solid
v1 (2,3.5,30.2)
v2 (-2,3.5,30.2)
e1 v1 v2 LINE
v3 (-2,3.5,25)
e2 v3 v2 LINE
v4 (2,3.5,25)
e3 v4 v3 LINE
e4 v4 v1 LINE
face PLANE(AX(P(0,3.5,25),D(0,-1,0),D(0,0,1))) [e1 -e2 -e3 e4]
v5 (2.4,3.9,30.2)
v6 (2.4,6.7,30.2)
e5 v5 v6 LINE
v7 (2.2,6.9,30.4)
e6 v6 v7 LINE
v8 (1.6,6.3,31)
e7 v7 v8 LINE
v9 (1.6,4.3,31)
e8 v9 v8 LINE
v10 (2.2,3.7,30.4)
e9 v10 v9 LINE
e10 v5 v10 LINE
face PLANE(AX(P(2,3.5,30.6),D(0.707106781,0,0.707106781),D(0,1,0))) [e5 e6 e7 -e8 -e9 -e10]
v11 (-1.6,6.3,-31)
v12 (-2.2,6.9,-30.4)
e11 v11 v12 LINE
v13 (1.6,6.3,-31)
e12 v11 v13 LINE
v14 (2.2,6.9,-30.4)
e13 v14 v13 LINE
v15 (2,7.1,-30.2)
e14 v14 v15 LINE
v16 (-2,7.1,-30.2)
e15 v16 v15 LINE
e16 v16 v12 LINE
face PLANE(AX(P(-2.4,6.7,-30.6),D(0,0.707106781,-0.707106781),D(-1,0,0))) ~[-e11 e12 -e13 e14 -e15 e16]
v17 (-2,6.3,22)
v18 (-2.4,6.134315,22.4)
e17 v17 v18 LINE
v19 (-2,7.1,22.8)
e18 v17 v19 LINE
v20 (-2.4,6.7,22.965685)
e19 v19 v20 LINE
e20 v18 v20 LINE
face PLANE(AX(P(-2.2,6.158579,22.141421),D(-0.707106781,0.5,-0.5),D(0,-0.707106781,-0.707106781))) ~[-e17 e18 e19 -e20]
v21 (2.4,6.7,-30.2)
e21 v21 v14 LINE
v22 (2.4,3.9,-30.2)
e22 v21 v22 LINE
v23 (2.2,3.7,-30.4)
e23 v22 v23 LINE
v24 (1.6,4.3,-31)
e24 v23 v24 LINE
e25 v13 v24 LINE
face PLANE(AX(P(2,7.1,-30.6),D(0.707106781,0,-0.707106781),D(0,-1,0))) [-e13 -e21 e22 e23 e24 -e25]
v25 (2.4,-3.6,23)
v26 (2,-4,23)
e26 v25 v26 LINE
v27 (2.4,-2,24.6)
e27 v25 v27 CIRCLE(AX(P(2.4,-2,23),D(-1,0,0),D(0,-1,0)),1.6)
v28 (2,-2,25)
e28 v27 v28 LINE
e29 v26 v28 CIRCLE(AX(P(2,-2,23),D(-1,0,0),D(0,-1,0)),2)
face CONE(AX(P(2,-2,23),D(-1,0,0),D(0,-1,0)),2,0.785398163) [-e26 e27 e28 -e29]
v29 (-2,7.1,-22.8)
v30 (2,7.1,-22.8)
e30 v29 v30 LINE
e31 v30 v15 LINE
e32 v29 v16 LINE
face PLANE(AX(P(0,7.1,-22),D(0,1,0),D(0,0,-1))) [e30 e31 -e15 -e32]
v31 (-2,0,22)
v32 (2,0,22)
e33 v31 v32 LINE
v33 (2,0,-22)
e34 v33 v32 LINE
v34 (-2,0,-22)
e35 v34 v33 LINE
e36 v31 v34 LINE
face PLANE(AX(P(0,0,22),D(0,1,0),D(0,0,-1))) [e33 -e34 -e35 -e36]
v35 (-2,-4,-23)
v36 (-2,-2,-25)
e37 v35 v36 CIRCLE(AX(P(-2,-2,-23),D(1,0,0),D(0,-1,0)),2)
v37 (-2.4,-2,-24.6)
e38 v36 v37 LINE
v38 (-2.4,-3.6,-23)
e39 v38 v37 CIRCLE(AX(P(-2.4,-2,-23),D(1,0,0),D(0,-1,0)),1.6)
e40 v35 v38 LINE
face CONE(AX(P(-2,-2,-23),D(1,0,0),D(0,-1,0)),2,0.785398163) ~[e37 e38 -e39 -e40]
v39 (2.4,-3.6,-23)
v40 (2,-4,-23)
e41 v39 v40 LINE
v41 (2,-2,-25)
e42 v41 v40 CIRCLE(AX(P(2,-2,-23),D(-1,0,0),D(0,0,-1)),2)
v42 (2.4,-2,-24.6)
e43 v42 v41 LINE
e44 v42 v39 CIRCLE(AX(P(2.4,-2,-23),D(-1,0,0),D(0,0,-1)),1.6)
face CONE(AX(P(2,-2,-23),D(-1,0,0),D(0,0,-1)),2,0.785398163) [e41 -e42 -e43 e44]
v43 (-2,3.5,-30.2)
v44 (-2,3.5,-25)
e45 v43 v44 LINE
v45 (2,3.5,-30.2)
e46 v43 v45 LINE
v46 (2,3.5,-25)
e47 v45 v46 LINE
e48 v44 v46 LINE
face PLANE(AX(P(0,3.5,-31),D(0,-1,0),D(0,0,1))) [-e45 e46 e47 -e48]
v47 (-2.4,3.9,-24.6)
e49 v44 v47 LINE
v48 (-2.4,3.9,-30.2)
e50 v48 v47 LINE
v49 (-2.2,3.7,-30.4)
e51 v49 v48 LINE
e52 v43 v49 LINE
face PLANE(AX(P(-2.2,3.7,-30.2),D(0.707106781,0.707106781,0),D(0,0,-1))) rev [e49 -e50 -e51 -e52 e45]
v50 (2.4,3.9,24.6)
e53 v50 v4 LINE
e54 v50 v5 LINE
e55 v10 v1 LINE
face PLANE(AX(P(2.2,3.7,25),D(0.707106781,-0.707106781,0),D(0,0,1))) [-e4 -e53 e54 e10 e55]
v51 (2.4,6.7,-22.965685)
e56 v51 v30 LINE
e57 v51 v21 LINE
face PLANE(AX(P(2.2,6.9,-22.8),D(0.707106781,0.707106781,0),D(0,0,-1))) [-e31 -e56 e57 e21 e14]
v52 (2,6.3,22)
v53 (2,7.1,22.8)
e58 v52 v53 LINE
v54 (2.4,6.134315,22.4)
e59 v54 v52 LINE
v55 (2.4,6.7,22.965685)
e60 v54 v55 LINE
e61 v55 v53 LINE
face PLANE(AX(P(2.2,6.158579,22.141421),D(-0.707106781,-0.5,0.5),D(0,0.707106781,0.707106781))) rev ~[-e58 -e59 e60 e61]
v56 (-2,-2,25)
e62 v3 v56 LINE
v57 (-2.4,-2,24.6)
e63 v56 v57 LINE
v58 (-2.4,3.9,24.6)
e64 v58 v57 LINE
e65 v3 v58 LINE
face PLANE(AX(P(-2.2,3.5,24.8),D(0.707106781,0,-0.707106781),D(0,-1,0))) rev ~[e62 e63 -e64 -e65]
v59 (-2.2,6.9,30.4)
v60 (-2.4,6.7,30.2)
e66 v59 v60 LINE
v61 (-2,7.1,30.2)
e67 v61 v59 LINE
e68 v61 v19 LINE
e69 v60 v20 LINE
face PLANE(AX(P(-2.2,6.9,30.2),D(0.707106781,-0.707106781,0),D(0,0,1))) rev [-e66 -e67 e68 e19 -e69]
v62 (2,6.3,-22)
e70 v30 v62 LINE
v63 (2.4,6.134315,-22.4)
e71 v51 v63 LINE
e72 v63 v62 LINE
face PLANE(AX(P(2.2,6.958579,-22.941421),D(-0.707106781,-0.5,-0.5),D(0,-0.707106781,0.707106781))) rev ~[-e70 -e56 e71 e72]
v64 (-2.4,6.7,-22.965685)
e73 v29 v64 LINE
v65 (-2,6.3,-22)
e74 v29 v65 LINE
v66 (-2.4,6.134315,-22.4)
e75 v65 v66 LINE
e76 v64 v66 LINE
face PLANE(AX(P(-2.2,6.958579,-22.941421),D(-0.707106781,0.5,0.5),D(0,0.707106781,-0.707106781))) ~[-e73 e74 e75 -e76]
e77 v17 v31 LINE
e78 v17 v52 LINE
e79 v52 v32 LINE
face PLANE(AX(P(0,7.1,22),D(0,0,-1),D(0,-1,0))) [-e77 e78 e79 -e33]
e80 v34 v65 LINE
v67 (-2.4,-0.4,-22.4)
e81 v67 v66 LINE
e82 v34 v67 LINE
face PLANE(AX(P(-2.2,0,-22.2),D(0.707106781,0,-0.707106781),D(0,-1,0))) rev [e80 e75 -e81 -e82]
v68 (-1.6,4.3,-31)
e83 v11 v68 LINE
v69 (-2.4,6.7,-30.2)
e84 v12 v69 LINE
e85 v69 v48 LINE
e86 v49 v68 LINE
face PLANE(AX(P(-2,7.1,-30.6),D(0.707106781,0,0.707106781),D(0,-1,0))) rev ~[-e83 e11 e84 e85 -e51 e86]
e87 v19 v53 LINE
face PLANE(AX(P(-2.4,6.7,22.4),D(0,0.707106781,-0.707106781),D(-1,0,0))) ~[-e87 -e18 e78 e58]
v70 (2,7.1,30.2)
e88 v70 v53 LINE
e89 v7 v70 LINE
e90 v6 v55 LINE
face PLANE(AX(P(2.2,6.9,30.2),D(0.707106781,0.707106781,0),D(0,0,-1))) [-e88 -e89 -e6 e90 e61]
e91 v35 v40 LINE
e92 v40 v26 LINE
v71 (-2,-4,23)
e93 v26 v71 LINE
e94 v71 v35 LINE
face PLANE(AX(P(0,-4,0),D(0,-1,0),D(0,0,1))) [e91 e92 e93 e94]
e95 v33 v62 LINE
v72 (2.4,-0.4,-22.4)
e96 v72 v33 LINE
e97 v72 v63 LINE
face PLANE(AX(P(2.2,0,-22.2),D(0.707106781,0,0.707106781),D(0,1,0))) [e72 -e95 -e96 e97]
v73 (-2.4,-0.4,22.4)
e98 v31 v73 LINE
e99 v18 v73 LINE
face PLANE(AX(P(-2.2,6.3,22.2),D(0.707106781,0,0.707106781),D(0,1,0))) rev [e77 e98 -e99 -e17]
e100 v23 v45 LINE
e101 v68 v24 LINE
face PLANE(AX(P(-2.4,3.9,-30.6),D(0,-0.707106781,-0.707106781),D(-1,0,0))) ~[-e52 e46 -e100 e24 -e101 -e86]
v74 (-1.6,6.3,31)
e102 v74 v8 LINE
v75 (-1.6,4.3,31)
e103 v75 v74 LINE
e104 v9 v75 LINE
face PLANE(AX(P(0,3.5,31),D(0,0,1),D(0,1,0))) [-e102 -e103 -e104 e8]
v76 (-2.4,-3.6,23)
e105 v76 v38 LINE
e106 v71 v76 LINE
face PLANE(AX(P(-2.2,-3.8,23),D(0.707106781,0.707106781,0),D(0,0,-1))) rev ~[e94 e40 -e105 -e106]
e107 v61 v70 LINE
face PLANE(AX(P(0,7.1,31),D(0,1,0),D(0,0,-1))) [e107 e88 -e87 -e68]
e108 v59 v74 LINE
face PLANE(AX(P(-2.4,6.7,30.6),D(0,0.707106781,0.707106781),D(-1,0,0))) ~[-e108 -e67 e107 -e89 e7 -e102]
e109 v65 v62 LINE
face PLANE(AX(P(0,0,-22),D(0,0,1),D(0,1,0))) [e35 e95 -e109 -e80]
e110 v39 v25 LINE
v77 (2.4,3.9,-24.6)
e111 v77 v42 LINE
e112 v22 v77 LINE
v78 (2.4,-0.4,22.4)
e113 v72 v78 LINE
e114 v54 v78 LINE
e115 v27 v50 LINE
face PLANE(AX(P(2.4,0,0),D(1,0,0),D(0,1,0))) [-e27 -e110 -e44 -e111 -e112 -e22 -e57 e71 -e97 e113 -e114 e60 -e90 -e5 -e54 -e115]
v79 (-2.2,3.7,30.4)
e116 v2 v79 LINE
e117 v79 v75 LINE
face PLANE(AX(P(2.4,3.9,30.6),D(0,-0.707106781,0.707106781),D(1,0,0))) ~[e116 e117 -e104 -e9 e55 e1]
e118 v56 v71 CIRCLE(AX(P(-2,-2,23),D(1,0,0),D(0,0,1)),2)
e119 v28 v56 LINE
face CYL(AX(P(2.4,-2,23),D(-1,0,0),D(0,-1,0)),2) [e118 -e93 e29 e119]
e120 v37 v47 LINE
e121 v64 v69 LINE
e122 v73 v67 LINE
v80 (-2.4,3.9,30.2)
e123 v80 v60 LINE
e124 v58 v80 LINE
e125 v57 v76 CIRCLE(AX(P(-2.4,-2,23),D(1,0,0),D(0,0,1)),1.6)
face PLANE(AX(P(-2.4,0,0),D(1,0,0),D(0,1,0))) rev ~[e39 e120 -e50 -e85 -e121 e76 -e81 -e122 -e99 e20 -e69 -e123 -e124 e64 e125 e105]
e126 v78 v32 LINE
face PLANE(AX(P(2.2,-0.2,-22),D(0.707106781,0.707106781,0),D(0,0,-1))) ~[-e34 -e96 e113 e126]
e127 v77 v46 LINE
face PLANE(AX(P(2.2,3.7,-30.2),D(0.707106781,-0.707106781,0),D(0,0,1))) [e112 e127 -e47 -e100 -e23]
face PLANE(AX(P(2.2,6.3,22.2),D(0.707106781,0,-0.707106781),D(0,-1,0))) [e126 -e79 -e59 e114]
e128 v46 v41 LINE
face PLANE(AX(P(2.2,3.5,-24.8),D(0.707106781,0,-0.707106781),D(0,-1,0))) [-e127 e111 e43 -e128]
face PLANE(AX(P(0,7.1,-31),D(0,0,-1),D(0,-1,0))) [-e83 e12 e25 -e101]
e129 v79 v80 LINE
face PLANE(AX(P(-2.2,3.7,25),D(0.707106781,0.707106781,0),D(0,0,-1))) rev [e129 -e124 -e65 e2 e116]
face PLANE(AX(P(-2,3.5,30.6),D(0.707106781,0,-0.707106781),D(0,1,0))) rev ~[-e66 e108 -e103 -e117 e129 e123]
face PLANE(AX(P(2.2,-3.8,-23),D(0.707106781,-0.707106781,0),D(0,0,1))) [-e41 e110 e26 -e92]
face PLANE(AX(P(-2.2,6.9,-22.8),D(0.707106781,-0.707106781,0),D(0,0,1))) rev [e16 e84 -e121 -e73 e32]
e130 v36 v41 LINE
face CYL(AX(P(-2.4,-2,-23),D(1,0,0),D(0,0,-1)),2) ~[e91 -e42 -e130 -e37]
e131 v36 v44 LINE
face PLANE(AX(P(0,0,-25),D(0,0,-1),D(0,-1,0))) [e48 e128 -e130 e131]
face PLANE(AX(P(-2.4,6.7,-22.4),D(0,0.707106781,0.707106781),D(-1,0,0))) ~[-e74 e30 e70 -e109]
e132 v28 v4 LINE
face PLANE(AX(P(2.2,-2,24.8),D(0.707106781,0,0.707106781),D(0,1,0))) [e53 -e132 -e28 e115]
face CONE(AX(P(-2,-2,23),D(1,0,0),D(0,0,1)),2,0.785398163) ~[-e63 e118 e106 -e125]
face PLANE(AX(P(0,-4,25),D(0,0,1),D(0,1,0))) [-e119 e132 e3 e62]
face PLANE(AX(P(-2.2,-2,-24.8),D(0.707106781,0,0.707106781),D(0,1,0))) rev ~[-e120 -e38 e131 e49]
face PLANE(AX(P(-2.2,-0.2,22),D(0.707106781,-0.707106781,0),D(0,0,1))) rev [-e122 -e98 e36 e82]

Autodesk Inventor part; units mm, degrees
ref_plane "YZ Plane" through (0, 0, 0) normal (1, 0, 0) x (0, 1, 0)
ref_plane "XZ Plane" through (0, 0, 0) normal (0, 1, 0) x (-1, 0, 0)
ref_plane "XY Plane" through (0, 0, 0) normal (0, 0, 1) x (1, 0, 0)
sketch "スケッチ1" plane through (0, 0, 0) normal (1, 0, 0) x (0, 1, 0)
  line L0 (-6.16, 0) -> (8.96, 0) projected
  line L1 (0, 43.4) -> (0, -43.4) projected
  line L2 (0, 22) -> (0, -22)
  line L3 (0, -22) -> (7.1, -22)
  line L4 (7.1, -22) -> (7.1, -31)
  line L5 (7.1, -31) -> (3.5, -31)
  line L6 (3.5, -31) -> (3.5, -25)
  line L7 (3.5, -25) -> (-4, -25)
  line L8 (-4, -25) -> (-4, 25)
  line L9 (-4, 25) -> (3.5, 25)
  line L10 (3.5, 25) -> (3.5, 31)
  line L11 (3.5, 31) -> (7.1, 31)
  line L12 (7.1, 31) -> (7.1, 22)
  line L13 (7.1, 22) -> (0, 22)
  point P0 (0, 0)
  dimension "d0" = 3.5
  dimension "d1" = 4
  dimension "d2" = 50
  dimension "d3" = 6
  dimension "d4" = 3
  dimension "d5" = 3.6
extrude "押し出し1" add sketch "スケッチ1" along normal mid plane 4.8
chamfer "面取り1" distance 0.8 angle 45 10 edges at (0, 7.1, 31) (0, 3.5, 31) (2.4, 5.3, 31) (-2.4, 5.3, 31) (2.4, 5.3, -31) (0, 7.1, -31) (-2.4, 5.3, -31) (0, 3.5, -31) (0, 7.1, 22) (0, 7.1, -22)
fillet "フィレット1" radius 2 2 edges at (0, -4, 25) (0, -4, -25)
chamfer "面取り2" distance 0.4 angle 45 28 edges at (2.4, -4, 0) (2.4, -3.4142, -24.4142) (2.4, 0.75, -25) (2.4, 3.5, -27.6) (2.4, -3.4142, 24.4142) (2.4, 0.75, 25) (2.4, 3.5, 27.6) (-2.4, 0.75, 25) (-2.4, -3.4142, 24.4142) (-2.4, 3.5, 27.6) (-2.4, -4, 0) (-2.4, -3.4142, -24.4142) (-2.4, 0.75, -25) (-2.4, 3.5, -27.6) (2.4, 0, 0) (-2.4, 0, 0) (2.4, 3.15, -22) (2.4, 6.7, -22.4) (2.4, 7.1, -26.5) (-2.4, 7.1, -26.5) (-2.4, 6.7, -22.4) (-2.4, 3.15, -22) (-2.4, 3.15, 22) (-2.4, 6.7, 22.4) (-2.4, 7.1, 26.5) (2.4, 7.1, 26.5) (2.4, 6.7, 22.4) (2.4, 3.15, 22)
properties part number "TrussCC_S1"
